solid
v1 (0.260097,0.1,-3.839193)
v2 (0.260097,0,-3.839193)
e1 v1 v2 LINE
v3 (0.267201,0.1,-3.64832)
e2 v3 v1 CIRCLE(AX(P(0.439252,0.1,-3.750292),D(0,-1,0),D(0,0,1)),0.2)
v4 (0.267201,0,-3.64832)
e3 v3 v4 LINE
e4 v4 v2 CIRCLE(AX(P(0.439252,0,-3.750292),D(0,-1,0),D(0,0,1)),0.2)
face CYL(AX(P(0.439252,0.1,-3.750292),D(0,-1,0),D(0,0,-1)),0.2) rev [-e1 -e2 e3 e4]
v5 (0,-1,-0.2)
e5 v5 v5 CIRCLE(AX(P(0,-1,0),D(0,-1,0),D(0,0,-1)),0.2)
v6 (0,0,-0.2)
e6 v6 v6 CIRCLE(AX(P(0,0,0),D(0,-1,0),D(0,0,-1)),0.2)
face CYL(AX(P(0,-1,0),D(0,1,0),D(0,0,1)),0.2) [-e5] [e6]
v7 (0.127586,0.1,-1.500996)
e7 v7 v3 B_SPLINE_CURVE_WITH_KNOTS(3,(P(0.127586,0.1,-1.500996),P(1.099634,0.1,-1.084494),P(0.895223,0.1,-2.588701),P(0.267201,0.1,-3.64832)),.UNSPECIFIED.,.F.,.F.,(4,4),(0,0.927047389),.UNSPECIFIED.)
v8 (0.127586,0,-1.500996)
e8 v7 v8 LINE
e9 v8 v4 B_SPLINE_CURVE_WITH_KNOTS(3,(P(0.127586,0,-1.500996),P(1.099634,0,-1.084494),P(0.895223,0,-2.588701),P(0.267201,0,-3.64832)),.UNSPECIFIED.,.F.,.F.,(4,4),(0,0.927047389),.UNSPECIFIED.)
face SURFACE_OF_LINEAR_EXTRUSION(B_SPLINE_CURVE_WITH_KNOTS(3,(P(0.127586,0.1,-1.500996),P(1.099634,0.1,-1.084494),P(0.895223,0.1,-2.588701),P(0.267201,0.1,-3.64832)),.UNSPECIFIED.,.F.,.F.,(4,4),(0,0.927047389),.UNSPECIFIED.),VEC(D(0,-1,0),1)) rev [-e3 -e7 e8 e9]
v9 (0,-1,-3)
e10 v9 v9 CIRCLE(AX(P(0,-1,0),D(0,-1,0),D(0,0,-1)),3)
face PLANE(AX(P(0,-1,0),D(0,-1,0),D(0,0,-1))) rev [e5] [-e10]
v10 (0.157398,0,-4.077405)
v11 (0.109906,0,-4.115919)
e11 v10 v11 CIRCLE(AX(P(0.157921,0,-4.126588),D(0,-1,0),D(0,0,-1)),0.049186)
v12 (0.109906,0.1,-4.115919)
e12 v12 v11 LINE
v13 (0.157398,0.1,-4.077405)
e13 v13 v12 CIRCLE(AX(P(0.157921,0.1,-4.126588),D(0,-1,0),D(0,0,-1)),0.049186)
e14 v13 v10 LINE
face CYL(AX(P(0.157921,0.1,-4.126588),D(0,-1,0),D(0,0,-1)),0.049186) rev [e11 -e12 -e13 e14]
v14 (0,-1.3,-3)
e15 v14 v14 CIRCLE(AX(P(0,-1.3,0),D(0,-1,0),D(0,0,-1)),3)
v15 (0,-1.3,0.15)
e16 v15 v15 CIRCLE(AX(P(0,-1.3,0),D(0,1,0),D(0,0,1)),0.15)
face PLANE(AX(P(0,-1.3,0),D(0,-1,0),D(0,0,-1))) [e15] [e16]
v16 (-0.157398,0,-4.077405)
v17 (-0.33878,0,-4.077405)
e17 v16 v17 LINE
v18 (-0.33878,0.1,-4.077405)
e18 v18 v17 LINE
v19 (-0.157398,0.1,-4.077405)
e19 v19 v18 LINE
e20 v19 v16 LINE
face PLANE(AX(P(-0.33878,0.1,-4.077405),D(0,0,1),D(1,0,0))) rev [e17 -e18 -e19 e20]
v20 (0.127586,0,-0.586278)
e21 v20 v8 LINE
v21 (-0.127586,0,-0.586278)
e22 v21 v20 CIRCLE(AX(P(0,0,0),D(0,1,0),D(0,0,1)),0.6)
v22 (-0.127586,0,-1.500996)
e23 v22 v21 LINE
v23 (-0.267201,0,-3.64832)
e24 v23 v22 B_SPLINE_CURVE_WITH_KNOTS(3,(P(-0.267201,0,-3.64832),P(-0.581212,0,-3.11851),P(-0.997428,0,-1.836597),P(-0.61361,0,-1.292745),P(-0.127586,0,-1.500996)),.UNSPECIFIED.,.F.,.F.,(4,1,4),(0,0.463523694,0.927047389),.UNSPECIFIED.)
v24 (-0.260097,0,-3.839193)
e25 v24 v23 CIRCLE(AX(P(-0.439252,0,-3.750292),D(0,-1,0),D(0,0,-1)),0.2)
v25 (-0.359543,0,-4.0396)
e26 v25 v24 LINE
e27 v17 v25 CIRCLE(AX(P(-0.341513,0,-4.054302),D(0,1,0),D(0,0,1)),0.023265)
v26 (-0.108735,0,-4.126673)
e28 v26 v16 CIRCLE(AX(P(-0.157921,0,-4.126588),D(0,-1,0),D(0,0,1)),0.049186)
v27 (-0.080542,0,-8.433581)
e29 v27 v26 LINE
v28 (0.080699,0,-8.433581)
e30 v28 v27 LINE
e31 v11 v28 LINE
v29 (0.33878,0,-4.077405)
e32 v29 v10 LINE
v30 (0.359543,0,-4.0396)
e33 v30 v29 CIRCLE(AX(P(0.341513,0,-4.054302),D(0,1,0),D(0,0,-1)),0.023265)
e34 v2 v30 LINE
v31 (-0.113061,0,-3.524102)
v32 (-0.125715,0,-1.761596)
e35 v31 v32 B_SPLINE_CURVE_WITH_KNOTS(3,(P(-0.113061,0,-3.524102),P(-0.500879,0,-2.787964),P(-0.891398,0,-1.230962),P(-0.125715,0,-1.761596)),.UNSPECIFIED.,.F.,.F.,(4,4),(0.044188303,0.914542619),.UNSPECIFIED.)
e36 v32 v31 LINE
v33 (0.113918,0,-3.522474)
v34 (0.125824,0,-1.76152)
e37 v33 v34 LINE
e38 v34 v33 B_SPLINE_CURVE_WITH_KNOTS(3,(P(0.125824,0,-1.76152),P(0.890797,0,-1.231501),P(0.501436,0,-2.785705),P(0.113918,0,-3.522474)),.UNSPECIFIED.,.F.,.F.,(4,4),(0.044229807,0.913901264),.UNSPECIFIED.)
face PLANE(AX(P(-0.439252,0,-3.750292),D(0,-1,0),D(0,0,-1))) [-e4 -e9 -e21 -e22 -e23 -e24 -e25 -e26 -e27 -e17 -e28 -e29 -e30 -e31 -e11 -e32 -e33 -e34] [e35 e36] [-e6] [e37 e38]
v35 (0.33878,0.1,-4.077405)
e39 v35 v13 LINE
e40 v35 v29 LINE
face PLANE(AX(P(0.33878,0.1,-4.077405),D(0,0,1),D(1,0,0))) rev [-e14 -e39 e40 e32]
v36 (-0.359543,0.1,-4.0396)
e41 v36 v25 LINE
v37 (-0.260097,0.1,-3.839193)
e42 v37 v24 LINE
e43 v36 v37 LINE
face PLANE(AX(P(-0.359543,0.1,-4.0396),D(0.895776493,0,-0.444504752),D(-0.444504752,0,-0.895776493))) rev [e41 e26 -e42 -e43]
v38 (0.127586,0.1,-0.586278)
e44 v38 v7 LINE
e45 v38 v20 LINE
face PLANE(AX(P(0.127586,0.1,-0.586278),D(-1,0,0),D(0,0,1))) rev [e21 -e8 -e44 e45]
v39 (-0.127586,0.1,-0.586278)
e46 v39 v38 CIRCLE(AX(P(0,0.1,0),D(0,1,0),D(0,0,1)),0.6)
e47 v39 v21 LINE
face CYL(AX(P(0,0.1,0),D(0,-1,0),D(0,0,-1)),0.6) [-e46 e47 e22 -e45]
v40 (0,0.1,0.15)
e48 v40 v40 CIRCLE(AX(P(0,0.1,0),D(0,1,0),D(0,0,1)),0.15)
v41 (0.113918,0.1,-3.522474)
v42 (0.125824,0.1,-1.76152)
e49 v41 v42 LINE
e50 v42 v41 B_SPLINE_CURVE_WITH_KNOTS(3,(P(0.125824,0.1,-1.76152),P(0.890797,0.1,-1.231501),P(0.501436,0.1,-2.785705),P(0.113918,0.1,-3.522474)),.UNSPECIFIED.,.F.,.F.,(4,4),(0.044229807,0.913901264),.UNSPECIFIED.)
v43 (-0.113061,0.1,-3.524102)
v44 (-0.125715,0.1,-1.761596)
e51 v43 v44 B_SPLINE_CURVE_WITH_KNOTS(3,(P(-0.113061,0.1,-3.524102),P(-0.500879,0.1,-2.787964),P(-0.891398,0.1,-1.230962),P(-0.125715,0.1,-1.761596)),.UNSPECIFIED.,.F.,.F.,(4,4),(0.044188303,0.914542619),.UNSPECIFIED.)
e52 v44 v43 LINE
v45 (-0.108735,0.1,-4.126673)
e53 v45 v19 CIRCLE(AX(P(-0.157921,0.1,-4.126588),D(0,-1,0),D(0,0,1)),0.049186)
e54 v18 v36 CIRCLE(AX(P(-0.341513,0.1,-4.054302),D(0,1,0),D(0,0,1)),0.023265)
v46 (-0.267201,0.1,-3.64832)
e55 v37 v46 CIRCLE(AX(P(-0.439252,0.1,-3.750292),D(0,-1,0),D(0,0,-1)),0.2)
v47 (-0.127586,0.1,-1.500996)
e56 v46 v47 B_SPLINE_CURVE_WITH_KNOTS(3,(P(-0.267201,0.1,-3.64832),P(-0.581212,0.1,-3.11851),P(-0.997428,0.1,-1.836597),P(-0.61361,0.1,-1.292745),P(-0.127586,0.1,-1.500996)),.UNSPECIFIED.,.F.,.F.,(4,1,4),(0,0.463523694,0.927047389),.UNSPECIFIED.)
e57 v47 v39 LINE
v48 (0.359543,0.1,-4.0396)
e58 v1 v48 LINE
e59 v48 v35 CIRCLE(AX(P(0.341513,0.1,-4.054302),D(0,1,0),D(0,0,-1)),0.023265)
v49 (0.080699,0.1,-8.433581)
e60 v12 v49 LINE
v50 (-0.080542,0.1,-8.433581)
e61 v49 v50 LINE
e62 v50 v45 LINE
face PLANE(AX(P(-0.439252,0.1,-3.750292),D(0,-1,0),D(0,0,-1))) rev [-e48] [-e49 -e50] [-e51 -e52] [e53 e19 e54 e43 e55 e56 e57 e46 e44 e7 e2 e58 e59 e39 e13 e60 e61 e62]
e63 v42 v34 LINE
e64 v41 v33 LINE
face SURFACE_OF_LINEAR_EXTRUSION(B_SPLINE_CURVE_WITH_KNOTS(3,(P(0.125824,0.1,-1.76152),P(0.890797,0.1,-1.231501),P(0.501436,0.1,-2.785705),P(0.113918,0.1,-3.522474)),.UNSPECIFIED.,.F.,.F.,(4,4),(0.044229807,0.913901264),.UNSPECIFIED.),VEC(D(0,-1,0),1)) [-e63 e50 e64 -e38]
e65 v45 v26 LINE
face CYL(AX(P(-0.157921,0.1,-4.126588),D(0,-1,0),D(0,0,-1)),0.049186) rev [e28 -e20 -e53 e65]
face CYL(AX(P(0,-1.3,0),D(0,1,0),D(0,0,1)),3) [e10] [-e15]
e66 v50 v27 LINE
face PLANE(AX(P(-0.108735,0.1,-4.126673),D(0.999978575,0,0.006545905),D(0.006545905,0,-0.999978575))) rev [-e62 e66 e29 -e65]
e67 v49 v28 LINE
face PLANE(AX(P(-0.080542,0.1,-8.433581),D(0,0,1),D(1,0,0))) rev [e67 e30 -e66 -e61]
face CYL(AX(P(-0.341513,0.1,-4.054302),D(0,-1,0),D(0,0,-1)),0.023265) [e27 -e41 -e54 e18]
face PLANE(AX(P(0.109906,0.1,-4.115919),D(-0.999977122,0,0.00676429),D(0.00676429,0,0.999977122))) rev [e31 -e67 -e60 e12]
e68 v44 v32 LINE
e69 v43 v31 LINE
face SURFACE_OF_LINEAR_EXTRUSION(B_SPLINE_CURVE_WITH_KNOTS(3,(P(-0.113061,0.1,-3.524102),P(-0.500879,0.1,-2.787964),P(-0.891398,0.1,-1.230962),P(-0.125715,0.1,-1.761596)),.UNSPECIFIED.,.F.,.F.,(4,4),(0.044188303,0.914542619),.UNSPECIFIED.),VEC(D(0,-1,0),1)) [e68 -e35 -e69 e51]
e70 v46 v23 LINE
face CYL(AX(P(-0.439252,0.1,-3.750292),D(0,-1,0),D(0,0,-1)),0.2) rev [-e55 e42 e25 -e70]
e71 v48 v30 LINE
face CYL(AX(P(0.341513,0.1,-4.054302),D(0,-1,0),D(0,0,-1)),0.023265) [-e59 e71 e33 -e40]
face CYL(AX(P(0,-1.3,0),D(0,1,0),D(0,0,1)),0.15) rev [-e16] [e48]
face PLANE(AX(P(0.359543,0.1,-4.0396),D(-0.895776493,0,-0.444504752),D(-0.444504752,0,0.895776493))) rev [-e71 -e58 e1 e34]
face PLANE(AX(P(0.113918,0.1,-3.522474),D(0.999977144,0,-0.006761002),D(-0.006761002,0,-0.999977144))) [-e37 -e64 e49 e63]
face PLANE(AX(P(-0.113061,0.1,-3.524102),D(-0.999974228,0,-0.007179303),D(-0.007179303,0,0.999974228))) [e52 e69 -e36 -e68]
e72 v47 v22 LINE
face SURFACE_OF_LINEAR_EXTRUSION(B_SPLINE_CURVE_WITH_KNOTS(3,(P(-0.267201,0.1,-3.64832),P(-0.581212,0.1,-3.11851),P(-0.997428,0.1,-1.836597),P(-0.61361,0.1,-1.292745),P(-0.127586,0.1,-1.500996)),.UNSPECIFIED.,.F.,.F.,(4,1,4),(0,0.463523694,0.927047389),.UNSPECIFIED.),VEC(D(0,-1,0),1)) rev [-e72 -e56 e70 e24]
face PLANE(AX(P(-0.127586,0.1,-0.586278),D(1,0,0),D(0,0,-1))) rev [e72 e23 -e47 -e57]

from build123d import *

# Parameters (mm, degrees)
BOSS_EXTRUDE1_DEPTH = 0.1
SKETCH2_R           = 0.2
BOSS_EXTRUDE2_DEPTH = 1
SKETCH3_R           = 3
BOSS_EXTRUDE3_DEPTH = 0.3
SKETCH4_R           = 0.15
CUT_EXTRUDE1_DEPTH  = 2.4


with BuildPart() as part:
    # Sketch1 → Boss-Extrude1 (new body)
    with BuildSketch(Plane(origin=(0, 0, 0), x_dir=(1, 0, 0), z_dir=(0, 1, 0))):
        with BuildLine():
            Line((-0.127585763, 0.586277983), (-0.127585763, 1.500996355))
            add(Edge.make_bspline(
                [(-0.127585763, 1.500996355), (-0.613609966, 1.292745221), (-0.997428455, 1.836597424), (-0.58121193, 3.118510404), (-0.267201121, 3.648320045)],
                knots=[0, 0, 0, 0, 0.463523694, 0.927047389, 0.927047389, 0.927047389, 0.927047389], degree=3))
            ThreePointArc((-0.267201121, 3.648320045), (-0.239390751, 3.74285385), (-0.260097073, 3.83919338))
            Line((-0.260097073, 3.83919338), (-0.359543258, 4.039599684))
            ThreePointArc((-0.359543258, 4.039599684), (-0.36190456, 4.065500923), (-0.338780115, 4.077405124))
            Line((-0.338780115, 4.077405124), (-0.157398308, 4.077405124))
            ThreePointArc((-0.157398308, 4.077405124), (-0.122926977, 4.092023881), (-0.108734749, 4.126672999))
            Line((-0.108734749, 4.126672999), (-0.080541531, 8.433581196))
            Line((-0.080541531, 8.433581196), (0.080699272, 8.433581196))
            Line((0.080699272, 8.433581196), (0.109905863, 4.115918774))
            ThreePointArc((0.109905863, 4.115918774), (0.126940207, 4.088385312), (0.157398308, 4.077405124))
            Line((0.157398308, 4.077405124), (0.338780115, 4.077405124))
            ThreePointArc((0.338780115, 4.077405124), (0.36190456, 4.065500923), (0.359543258, 4.039599684))
            Line((0.359543258, 4.039599684), (0.260097073, 3.83919338))
            ThreePointArc((0.260097073, 3.83919338), (0.239390751, 3.74285385), (0.267201121, 3.648320045))
            add(Edge.make_bspline(
                [(0.127585763, 1.500996355), (1.09963417, 1.084494086), (0.895222739, 2.588700762), (0.267201121, 3.648320045)],
                knots=[0, 0, 0, 0, 0.927047389, 0.927047389, 0.927047389, 0.927047389], degree=3))
            Line((0.127585763, 1.500996355), (0.127585763, 0.586277983))
            ThreePointArc((0.127585763, 0.586277983), (0, -0.6), (-0.127585763, 0.586277983))
        make_face()
        with BuildLine():
            Line((0.113918239, 3.522473584), (0.125824318, 1.761520463))
            add(Edge.make_bspline(
                [(0.125824318, 1.761520463), (0.890796605, 1.231501017), (0.501435582, 2.785705467), (0.113918239, 3.522473584)],
                knots=[0.044229807, 0.044229807, 0.044229807, 0.044229807, 0.913901264, 0.913901264, 0.913901264, 0.913901264], degree=3))
        make_face(mode=Mode.SUBTRACT)
        with BuildLine():
            Line((-0.113060898, 3.524102277), (-0.125714788, 1.761596361))
            add(Edge.make_bspline(
                [(-0.125714788, 1.761596361), (-0.891397992, 1.23096165), (-0.500879166, 2.787963848), (-0.113060898, 3.524102277)],
                knots=[0.044188303, 0.044188303, 0.044188303, 0.044188303, 0.914542619, 0.914542619, 0.914542619, 0.914542619], degree=3))
        make_face(mode=Mode.SUBTRACT)
    extrude(amount=BOSS_EXTRUDE1_DEPTH)

    # Sketch2 → Boss-Extrude2 (add)
    with BuildSketch(Plane.XZ):
        Circle(SKETCH2_R)
    extrude(amount=BOSS_EXTRUDE2_DEPTH)

    # Sketch3 → Boss-Extrude3 (add)
    with BuildSketch(Plane.XZ.offset(1)):
        Circle(SKETCH3_R)
    extrude(amount=BOSS_EXTRUDE3_DEPTH)

    # Sketch4 → Cut-Extrude1 (cut, through all)
    with BuildSketch(Plane(origin=(0, 0.1, 0), x_dir=(1, 0, 0), z_dir=(0, 1, 0))):
        Circle(SKETCH4_R)
    extrude(amount=-CUT_EXTRUDE1_DEPTH, mode=Mode.SUBTRACT)


solid = part.part
